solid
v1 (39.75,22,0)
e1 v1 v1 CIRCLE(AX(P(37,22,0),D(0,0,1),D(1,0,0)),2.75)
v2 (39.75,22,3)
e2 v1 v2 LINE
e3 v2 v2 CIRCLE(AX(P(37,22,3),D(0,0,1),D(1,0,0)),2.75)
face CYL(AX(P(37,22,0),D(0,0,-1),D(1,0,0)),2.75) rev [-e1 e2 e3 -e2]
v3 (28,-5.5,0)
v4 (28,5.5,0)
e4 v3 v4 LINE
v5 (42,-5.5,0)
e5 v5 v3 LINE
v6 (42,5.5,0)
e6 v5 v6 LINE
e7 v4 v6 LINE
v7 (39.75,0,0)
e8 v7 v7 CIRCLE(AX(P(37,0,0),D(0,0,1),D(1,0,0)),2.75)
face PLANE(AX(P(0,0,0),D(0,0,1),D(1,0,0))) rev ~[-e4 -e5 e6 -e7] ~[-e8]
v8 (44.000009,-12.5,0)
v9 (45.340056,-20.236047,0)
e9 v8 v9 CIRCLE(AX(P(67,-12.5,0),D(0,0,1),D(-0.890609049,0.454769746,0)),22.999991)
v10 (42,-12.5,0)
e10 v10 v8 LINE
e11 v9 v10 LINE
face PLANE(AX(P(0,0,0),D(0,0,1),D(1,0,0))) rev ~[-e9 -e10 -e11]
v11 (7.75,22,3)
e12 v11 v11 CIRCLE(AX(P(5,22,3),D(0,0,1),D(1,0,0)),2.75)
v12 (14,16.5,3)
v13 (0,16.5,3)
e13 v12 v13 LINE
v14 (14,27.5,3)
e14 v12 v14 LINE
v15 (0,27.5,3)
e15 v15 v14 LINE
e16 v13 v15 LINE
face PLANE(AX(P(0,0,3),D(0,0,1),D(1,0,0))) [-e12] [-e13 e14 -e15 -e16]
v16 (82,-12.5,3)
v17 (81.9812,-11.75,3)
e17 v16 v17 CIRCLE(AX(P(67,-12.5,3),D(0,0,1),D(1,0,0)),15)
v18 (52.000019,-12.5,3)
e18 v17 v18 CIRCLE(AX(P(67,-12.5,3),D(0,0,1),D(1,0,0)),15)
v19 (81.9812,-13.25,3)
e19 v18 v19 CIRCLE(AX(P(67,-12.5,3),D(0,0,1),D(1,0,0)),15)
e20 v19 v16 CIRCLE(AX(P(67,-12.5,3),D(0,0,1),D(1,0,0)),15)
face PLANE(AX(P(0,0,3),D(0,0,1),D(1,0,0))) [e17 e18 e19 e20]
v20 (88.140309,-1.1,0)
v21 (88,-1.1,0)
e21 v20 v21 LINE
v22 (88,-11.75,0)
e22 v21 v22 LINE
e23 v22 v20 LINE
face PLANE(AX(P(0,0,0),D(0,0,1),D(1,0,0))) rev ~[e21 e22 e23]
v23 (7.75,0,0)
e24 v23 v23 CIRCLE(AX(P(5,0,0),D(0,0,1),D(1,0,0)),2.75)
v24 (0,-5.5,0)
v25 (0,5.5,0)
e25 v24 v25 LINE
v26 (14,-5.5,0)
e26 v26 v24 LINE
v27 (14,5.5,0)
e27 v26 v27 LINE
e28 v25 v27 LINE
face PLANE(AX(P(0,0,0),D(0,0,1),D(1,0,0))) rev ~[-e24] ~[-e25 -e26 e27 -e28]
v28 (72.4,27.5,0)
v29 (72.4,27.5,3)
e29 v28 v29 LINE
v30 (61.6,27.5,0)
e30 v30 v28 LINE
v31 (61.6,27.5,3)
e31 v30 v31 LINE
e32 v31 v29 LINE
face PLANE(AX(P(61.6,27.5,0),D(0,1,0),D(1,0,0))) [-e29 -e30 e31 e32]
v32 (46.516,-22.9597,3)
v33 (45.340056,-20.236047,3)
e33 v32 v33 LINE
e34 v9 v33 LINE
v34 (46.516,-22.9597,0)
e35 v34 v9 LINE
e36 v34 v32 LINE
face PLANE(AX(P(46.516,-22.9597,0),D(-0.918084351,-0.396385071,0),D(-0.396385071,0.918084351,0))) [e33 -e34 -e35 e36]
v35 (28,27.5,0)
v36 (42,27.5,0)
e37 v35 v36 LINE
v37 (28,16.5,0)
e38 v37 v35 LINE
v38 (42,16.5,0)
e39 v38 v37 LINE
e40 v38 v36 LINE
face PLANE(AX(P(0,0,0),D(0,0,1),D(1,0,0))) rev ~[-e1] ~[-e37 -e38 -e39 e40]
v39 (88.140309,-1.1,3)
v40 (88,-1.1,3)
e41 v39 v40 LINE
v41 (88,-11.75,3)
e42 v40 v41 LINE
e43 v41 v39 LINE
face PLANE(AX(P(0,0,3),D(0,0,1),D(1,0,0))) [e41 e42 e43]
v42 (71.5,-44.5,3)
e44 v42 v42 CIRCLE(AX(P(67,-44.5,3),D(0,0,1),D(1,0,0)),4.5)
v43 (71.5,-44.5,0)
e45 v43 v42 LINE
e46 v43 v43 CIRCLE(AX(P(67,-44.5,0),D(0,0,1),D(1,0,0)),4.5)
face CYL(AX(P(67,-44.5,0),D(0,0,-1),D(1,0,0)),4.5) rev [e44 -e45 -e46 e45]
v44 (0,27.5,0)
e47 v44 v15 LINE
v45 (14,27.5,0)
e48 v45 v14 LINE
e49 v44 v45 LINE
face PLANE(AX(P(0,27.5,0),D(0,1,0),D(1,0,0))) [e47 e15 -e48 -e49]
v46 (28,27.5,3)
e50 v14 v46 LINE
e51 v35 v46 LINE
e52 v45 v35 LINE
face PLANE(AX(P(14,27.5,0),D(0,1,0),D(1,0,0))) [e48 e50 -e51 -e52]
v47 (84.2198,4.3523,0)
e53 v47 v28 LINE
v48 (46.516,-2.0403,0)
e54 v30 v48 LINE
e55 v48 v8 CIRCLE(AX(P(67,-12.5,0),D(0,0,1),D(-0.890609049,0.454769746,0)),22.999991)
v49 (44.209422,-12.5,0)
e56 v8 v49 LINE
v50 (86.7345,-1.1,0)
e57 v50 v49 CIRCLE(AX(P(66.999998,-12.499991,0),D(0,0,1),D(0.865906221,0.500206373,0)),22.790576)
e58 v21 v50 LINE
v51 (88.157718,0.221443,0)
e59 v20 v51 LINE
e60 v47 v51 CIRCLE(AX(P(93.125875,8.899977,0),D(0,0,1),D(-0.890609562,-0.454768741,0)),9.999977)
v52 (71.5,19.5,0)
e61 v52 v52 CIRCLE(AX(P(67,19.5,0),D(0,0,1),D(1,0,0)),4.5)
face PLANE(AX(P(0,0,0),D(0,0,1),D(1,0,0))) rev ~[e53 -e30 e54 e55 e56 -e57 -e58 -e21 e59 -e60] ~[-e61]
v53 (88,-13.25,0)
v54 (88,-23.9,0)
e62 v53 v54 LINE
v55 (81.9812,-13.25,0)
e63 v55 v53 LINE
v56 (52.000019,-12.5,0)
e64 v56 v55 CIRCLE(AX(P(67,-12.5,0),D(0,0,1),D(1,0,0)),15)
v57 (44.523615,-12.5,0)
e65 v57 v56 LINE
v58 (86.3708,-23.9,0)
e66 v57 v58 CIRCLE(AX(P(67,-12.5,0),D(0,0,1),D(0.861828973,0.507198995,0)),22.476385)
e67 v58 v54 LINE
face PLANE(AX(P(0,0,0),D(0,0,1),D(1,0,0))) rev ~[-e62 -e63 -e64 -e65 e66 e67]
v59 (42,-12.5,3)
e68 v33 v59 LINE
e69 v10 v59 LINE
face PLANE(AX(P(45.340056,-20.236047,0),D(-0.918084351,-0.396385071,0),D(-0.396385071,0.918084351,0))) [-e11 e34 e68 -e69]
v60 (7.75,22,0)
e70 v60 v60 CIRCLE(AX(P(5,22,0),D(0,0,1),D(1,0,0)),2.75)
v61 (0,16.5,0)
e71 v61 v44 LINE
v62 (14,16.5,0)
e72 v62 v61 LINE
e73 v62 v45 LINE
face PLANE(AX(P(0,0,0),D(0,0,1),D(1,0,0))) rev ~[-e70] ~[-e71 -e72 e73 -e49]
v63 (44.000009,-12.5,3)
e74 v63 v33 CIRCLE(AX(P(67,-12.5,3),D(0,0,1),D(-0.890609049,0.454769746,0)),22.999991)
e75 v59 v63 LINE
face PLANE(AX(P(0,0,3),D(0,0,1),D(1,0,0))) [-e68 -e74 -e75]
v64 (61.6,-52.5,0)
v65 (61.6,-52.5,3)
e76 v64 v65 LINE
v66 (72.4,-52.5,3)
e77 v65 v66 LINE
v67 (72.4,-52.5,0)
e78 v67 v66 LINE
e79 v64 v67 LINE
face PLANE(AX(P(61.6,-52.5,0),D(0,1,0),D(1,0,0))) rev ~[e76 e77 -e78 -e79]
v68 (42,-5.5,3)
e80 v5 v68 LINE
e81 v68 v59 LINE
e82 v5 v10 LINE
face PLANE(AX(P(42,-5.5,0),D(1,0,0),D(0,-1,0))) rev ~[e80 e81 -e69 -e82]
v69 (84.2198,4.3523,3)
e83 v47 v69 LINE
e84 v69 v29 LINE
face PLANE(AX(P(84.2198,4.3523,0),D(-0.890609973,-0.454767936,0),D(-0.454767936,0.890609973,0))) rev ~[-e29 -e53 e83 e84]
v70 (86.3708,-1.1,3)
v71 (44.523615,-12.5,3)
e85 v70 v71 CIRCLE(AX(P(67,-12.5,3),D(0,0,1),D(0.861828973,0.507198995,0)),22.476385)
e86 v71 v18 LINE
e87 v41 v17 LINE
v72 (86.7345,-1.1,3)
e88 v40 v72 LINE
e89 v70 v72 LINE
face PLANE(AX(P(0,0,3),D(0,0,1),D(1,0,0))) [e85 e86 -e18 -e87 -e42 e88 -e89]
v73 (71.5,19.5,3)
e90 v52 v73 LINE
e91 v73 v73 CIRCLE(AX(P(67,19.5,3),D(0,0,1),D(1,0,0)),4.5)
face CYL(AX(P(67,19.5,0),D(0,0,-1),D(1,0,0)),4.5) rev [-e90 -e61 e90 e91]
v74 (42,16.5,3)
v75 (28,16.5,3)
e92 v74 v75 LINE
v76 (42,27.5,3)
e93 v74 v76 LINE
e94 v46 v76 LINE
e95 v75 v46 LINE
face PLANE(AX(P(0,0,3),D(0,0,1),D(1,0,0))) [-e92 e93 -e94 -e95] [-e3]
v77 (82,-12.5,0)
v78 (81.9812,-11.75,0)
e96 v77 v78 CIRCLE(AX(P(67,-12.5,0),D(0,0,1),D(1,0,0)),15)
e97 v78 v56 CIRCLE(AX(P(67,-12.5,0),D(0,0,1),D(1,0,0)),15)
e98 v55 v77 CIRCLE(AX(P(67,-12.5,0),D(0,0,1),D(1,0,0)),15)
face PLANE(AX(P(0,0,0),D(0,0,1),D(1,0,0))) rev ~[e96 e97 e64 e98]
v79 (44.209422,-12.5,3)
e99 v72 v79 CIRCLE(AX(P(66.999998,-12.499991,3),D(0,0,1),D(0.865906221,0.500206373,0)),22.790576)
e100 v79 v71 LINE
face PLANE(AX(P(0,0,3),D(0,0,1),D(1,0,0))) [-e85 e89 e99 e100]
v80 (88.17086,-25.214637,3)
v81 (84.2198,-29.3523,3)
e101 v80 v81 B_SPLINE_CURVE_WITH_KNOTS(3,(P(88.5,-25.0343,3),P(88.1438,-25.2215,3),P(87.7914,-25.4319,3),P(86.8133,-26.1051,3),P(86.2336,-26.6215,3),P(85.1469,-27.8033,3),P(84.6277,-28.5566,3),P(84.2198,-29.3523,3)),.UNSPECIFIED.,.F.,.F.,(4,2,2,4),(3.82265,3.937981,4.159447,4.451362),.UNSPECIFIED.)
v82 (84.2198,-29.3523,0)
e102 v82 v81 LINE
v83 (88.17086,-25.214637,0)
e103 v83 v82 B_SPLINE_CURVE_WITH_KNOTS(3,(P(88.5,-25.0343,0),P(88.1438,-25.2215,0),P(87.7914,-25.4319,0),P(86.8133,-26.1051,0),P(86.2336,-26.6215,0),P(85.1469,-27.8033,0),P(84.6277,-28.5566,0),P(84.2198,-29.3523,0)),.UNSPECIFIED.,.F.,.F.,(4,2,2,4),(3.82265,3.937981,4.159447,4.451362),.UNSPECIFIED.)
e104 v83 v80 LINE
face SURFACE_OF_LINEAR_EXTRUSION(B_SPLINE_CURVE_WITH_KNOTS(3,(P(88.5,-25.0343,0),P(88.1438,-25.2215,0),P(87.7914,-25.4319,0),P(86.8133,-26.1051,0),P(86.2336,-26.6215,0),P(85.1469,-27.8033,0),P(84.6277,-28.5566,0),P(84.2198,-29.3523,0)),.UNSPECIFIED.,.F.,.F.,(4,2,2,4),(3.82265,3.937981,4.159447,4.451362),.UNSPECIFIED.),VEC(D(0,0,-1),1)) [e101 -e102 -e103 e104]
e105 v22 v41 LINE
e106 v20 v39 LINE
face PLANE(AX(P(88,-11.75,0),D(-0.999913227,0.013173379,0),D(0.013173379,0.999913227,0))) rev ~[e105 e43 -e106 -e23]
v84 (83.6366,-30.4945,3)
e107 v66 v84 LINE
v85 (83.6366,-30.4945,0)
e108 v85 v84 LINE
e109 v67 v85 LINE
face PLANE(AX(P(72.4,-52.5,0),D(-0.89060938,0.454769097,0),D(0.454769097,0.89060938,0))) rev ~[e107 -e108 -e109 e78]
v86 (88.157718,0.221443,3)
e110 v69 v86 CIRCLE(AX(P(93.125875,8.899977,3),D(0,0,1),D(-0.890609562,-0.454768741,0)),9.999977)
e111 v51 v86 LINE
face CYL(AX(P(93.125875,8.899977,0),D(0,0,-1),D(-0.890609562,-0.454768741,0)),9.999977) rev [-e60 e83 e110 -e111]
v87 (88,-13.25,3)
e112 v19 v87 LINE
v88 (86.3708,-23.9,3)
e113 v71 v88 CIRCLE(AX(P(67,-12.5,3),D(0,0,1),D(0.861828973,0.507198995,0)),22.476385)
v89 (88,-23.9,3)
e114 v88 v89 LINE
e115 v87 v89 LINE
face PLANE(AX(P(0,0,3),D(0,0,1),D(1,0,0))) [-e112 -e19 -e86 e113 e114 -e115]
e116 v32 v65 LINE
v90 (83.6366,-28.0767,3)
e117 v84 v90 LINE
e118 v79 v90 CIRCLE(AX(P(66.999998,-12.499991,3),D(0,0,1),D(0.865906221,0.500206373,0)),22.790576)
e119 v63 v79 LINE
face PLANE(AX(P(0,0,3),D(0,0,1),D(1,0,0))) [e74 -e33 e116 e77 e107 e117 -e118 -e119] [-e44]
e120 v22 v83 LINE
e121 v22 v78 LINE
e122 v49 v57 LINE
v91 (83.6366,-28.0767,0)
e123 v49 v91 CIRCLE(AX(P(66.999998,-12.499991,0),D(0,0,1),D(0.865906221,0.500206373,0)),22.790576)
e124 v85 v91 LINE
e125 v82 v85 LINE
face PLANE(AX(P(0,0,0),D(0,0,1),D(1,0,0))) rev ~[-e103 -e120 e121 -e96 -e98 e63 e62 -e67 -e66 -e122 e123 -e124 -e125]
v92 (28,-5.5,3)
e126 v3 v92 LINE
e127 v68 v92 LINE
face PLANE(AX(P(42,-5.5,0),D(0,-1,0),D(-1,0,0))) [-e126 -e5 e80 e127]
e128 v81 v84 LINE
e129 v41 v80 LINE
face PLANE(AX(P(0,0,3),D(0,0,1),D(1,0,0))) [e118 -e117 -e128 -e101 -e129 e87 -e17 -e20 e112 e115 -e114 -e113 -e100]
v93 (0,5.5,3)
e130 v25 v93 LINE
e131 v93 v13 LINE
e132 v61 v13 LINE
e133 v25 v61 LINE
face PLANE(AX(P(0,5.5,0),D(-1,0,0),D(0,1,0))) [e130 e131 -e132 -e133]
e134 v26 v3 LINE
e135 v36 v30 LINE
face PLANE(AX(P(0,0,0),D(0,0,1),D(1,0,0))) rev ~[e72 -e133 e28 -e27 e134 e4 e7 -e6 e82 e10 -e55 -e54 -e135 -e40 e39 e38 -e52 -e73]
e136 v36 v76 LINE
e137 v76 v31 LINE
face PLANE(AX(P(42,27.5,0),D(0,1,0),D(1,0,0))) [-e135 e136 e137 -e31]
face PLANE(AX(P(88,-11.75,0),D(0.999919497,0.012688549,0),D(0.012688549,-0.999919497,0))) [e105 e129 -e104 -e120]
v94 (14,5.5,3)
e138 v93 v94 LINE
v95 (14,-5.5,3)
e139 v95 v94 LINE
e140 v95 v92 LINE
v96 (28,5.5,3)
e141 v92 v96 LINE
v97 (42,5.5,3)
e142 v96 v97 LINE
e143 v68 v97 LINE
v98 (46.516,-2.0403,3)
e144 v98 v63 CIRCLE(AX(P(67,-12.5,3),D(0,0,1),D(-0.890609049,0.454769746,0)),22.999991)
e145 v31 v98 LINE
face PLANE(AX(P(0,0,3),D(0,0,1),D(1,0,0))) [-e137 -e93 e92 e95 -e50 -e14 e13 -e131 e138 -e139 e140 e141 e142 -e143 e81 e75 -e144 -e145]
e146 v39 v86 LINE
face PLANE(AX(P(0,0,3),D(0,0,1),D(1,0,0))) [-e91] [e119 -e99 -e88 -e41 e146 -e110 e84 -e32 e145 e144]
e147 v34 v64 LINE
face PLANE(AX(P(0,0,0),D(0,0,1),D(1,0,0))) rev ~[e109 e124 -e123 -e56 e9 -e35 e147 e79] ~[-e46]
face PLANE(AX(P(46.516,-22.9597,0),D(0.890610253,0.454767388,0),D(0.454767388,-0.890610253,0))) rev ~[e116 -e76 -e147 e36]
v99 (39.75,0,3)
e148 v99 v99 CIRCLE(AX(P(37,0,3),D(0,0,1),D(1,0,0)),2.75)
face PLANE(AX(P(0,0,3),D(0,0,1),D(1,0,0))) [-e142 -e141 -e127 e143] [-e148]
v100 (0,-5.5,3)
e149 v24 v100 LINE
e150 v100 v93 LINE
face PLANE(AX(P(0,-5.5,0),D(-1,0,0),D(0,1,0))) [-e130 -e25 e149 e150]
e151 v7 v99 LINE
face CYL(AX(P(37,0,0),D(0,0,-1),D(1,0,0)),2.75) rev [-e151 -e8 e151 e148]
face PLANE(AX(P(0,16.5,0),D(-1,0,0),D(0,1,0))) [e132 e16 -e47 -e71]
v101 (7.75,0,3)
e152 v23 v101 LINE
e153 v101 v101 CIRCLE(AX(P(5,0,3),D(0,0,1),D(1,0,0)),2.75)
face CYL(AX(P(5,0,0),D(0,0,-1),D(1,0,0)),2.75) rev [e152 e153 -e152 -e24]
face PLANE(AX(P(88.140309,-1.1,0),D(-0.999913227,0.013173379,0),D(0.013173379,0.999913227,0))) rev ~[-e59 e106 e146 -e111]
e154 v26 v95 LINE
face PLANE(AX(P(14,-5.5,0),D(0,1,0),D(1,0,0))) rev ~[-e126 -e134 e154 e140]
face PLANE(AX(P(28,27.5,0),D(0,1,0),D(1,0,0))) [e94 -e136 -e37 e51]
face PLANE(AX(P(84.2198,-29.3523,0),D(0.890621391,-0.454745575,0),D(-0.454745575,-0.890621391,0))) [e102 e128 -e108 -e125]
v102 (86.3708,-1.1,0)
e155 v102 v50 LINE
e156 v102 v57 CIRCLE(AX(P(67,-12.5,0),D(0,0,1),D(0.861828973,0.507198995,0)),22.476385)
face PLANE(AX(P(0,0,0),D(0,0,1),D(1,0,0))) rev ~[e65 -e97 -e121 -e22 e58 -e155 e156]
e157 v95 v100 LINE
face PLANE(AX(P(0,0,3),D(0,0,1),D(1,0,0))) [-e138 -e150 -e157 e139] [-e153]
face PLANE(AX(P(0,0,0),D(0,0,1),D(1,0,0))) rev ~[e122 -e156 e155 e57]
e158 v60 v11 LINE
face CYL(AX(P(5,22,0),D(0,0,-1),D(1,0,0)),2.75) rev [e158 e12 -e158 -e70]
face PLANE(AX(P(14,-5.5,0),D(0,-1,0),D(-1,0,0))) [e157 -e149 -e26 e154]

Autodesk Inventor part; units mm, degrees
ref_plane "YZ Plane" through (0, 0, 0) normal (1, 0, 0) x (0, 1, 0)
ref_plane "XZ Plane" through (0, 0, 0) normal (0, 1, 0) x (-1, 0, 0)
ref_plane "XY Plane" through (0, 0, 0) normal (0, 0, 1) x (1, 0, 0)
sketch "スケッチ1" plane through (0, 0, 0) normal (0, 0, 1) x (1, 0, 0)
  circle A0 centre (5, 0) radius 2.75 projected
  line L0 (14, -5.5) -> (14, 5.5) projected
  line L1 (0, 5.5) -> (14, 5.5) projected
  line L2 (0, -5.5) -> (0, 5.5) projected
  line L3 (14, -5.5) -> (0, -5.5) projected
  circle A1 centre (5, 22) radius 2.75 projected
  line L4 (14, 16.5) -> (14, 27.5) projected
  line L5 (0, 27.5) -> (14, 27.5) projected
  line L6 (0, 16.5) -> (0, 27.5) projected
  line L7 (14, 16.5) -> (0, 16.5) projected
  circle A2 centre (37, 22) radius 2.75 projected
  line L8 (42, 16.5) -> (42, 27.5) projected
  line L9 (28, 27.5) -> (42, 27.5) projected
  line L10 (28, 16.5) -> (28, 27.5) projected
  line L11 (42, 16.5) -> (28, 16.5) projected
  circle A3 centre (37, 0) radius 2.75 projected
  line L12 (42, -5.5) -> (42, 5.5) projected
  line L13 (28, 5.5) -> (42, 5.5) projected
  line L14 (28, -5.5) -> (28, 5.5) projected
  line L15 (42, -5.5) -> (28, -5.5) projected
  line L16 (0, 27.5) -> (90, 27.5)
  line L17 (0, -5.5) -> (0, 27.5)
  line L18 (68.5171, 27.5) -> (108.5171, 27.5) construction
  line L19 (0, 27.5) -> (0, -12.5)
  line L20 (42, -12.5) -> (67, -12.5)
  circle A4 centre (67, -12.5) radius 15
  line L21 (83.6366, -30.4945) -> (83.6366, -28.0767) projected
  line L22 (72.4, -52.5) -> (83.6366, -30.4945) projected
  line L23 (61.6, -52.5) -> (72.4, -52.5) projected
  line L24 (46.516, -22.9597) -> (61.6, -52.5) projected
  arc A5 (46.516, -2.0403) -> (46.516, -22.9597) centre (67, -12.5) ccw projected
  line L25 (61.6, 27.5) -> (46.516, -2.0403) projected
  line L26 (72.4, 27.5) -> (61.6, 27.5) projected
  line L27 (84.2198, 4.3523) -> (72.4, 27.5) projected
  arc A6 (84.2198, 4.3523) -> (93.1259, -1.1) centre (93.1259, 8.9) ccw projected
  line L28 (93.1259, -1.1) -> (88.5, -1.1) projected
  line L29 (88.5, -1.1) -> (86.7345, -1.1) projected
  arc A7 (86.7345, -1.1) -> (83.6366, -28.0767) centre (67, -12.5) ccw projected
  circle A8 centre (67, -44.5) radius 4.5 projected
  circle A9 centre (67, 19.5) radius 4.5 projected
  line L30 (86.3708, -1.1) -> (88, -1.1) projected
  line L31 (88, -1.1) -> (88, -11.75) projected
  line L32 (88, -11.75) -> (81.9812, -11.75) projected
  arc A10 (81.9812, -11.75) -> (81.9812, -13.25) centre (67, -12.5) ccw projected
  line L33 (81.9812, -13.25) -> (88, -13.25) projected
  line L34 (88, -13.25) -> (88, -23.9) projected
  line L35 (86.3708, -23.9) -> (88, -23.9) projected
  arc A11 (86.3708, -1.1) -> (86.3708, -23.9) centre (67, -12.5) ccw projected
  line L36 (88, -11.75) -> (88.5171, 27.5)
  line L37 (88, -11.75) -> (88.5171, -52.5)
  line L38 (88.5171, -52.5) -> (61.6, -52.5)
  line L39 (46.516, -22.9597) -> (61.6, -52.5)
  line L40 (0, -5.5) -> (42, -5.5)
  line L41 (46.516, -22.9597) -> (42, -12.5)
  line L42 (42, -5.5) -> (42, -12.5)
  spline S0 degree 3 poles (88.5, -25.0343) (88.1438, -25.2215) (87.7914, -25.4319) (86.8133, -26.1051) (86.2336, -26.6215) (85.1469, -27.8033) (84.6277, -28.5566) (84.2198, -29.3523) knots 3.82265 3.82265 3.82265 3.82265 3.937981 3.937981 4.159447 4.159447 4.451362 4.451362 4.451362 4.451362 projected
  line L43 (84.2198, -29.3523) -> (83.6366, -30.4945) projected
  point P0 (-38, -5.5)
  point P1 (88.1403, -1.1)
  point P2 (88.1577, 0.2214)
  point P3 (44, -12.5)
  point P4 (45.34, -20.2361)
  point P5 (88.1708, -25.2146)
  dimension "d6" = 40
  dimension "d7" = 25
  dimension "d8" = 30
extrude "押し出し1" add sketch "スケッチ1" along normal blind 3 contours L3 L2 L1 L0 | L0 L1 L17 L7 L4 L16 L10 L11 L8 L25 A5 L20 L42 L12 L13 L14 L40 | L14 L13 L12 L15 | L6 L5 L4 L7 | L20 A5 L41 | A5 L25 L16 L27 A6 L36 L29 A7 L20 | L20 A7 L21 L22 L23 L24 L41 A5 | A7 L30 A11 L20 | L20 A11 L35 L34 L33 A4 L32 L37 S0 L43 L21 A7 | L9 L8 L11 L10 | A11 L30 L29 L31 L32 A4 L20 | L20 A4 L33 L34 L35 A11 | A4 | L29 L36 L31
